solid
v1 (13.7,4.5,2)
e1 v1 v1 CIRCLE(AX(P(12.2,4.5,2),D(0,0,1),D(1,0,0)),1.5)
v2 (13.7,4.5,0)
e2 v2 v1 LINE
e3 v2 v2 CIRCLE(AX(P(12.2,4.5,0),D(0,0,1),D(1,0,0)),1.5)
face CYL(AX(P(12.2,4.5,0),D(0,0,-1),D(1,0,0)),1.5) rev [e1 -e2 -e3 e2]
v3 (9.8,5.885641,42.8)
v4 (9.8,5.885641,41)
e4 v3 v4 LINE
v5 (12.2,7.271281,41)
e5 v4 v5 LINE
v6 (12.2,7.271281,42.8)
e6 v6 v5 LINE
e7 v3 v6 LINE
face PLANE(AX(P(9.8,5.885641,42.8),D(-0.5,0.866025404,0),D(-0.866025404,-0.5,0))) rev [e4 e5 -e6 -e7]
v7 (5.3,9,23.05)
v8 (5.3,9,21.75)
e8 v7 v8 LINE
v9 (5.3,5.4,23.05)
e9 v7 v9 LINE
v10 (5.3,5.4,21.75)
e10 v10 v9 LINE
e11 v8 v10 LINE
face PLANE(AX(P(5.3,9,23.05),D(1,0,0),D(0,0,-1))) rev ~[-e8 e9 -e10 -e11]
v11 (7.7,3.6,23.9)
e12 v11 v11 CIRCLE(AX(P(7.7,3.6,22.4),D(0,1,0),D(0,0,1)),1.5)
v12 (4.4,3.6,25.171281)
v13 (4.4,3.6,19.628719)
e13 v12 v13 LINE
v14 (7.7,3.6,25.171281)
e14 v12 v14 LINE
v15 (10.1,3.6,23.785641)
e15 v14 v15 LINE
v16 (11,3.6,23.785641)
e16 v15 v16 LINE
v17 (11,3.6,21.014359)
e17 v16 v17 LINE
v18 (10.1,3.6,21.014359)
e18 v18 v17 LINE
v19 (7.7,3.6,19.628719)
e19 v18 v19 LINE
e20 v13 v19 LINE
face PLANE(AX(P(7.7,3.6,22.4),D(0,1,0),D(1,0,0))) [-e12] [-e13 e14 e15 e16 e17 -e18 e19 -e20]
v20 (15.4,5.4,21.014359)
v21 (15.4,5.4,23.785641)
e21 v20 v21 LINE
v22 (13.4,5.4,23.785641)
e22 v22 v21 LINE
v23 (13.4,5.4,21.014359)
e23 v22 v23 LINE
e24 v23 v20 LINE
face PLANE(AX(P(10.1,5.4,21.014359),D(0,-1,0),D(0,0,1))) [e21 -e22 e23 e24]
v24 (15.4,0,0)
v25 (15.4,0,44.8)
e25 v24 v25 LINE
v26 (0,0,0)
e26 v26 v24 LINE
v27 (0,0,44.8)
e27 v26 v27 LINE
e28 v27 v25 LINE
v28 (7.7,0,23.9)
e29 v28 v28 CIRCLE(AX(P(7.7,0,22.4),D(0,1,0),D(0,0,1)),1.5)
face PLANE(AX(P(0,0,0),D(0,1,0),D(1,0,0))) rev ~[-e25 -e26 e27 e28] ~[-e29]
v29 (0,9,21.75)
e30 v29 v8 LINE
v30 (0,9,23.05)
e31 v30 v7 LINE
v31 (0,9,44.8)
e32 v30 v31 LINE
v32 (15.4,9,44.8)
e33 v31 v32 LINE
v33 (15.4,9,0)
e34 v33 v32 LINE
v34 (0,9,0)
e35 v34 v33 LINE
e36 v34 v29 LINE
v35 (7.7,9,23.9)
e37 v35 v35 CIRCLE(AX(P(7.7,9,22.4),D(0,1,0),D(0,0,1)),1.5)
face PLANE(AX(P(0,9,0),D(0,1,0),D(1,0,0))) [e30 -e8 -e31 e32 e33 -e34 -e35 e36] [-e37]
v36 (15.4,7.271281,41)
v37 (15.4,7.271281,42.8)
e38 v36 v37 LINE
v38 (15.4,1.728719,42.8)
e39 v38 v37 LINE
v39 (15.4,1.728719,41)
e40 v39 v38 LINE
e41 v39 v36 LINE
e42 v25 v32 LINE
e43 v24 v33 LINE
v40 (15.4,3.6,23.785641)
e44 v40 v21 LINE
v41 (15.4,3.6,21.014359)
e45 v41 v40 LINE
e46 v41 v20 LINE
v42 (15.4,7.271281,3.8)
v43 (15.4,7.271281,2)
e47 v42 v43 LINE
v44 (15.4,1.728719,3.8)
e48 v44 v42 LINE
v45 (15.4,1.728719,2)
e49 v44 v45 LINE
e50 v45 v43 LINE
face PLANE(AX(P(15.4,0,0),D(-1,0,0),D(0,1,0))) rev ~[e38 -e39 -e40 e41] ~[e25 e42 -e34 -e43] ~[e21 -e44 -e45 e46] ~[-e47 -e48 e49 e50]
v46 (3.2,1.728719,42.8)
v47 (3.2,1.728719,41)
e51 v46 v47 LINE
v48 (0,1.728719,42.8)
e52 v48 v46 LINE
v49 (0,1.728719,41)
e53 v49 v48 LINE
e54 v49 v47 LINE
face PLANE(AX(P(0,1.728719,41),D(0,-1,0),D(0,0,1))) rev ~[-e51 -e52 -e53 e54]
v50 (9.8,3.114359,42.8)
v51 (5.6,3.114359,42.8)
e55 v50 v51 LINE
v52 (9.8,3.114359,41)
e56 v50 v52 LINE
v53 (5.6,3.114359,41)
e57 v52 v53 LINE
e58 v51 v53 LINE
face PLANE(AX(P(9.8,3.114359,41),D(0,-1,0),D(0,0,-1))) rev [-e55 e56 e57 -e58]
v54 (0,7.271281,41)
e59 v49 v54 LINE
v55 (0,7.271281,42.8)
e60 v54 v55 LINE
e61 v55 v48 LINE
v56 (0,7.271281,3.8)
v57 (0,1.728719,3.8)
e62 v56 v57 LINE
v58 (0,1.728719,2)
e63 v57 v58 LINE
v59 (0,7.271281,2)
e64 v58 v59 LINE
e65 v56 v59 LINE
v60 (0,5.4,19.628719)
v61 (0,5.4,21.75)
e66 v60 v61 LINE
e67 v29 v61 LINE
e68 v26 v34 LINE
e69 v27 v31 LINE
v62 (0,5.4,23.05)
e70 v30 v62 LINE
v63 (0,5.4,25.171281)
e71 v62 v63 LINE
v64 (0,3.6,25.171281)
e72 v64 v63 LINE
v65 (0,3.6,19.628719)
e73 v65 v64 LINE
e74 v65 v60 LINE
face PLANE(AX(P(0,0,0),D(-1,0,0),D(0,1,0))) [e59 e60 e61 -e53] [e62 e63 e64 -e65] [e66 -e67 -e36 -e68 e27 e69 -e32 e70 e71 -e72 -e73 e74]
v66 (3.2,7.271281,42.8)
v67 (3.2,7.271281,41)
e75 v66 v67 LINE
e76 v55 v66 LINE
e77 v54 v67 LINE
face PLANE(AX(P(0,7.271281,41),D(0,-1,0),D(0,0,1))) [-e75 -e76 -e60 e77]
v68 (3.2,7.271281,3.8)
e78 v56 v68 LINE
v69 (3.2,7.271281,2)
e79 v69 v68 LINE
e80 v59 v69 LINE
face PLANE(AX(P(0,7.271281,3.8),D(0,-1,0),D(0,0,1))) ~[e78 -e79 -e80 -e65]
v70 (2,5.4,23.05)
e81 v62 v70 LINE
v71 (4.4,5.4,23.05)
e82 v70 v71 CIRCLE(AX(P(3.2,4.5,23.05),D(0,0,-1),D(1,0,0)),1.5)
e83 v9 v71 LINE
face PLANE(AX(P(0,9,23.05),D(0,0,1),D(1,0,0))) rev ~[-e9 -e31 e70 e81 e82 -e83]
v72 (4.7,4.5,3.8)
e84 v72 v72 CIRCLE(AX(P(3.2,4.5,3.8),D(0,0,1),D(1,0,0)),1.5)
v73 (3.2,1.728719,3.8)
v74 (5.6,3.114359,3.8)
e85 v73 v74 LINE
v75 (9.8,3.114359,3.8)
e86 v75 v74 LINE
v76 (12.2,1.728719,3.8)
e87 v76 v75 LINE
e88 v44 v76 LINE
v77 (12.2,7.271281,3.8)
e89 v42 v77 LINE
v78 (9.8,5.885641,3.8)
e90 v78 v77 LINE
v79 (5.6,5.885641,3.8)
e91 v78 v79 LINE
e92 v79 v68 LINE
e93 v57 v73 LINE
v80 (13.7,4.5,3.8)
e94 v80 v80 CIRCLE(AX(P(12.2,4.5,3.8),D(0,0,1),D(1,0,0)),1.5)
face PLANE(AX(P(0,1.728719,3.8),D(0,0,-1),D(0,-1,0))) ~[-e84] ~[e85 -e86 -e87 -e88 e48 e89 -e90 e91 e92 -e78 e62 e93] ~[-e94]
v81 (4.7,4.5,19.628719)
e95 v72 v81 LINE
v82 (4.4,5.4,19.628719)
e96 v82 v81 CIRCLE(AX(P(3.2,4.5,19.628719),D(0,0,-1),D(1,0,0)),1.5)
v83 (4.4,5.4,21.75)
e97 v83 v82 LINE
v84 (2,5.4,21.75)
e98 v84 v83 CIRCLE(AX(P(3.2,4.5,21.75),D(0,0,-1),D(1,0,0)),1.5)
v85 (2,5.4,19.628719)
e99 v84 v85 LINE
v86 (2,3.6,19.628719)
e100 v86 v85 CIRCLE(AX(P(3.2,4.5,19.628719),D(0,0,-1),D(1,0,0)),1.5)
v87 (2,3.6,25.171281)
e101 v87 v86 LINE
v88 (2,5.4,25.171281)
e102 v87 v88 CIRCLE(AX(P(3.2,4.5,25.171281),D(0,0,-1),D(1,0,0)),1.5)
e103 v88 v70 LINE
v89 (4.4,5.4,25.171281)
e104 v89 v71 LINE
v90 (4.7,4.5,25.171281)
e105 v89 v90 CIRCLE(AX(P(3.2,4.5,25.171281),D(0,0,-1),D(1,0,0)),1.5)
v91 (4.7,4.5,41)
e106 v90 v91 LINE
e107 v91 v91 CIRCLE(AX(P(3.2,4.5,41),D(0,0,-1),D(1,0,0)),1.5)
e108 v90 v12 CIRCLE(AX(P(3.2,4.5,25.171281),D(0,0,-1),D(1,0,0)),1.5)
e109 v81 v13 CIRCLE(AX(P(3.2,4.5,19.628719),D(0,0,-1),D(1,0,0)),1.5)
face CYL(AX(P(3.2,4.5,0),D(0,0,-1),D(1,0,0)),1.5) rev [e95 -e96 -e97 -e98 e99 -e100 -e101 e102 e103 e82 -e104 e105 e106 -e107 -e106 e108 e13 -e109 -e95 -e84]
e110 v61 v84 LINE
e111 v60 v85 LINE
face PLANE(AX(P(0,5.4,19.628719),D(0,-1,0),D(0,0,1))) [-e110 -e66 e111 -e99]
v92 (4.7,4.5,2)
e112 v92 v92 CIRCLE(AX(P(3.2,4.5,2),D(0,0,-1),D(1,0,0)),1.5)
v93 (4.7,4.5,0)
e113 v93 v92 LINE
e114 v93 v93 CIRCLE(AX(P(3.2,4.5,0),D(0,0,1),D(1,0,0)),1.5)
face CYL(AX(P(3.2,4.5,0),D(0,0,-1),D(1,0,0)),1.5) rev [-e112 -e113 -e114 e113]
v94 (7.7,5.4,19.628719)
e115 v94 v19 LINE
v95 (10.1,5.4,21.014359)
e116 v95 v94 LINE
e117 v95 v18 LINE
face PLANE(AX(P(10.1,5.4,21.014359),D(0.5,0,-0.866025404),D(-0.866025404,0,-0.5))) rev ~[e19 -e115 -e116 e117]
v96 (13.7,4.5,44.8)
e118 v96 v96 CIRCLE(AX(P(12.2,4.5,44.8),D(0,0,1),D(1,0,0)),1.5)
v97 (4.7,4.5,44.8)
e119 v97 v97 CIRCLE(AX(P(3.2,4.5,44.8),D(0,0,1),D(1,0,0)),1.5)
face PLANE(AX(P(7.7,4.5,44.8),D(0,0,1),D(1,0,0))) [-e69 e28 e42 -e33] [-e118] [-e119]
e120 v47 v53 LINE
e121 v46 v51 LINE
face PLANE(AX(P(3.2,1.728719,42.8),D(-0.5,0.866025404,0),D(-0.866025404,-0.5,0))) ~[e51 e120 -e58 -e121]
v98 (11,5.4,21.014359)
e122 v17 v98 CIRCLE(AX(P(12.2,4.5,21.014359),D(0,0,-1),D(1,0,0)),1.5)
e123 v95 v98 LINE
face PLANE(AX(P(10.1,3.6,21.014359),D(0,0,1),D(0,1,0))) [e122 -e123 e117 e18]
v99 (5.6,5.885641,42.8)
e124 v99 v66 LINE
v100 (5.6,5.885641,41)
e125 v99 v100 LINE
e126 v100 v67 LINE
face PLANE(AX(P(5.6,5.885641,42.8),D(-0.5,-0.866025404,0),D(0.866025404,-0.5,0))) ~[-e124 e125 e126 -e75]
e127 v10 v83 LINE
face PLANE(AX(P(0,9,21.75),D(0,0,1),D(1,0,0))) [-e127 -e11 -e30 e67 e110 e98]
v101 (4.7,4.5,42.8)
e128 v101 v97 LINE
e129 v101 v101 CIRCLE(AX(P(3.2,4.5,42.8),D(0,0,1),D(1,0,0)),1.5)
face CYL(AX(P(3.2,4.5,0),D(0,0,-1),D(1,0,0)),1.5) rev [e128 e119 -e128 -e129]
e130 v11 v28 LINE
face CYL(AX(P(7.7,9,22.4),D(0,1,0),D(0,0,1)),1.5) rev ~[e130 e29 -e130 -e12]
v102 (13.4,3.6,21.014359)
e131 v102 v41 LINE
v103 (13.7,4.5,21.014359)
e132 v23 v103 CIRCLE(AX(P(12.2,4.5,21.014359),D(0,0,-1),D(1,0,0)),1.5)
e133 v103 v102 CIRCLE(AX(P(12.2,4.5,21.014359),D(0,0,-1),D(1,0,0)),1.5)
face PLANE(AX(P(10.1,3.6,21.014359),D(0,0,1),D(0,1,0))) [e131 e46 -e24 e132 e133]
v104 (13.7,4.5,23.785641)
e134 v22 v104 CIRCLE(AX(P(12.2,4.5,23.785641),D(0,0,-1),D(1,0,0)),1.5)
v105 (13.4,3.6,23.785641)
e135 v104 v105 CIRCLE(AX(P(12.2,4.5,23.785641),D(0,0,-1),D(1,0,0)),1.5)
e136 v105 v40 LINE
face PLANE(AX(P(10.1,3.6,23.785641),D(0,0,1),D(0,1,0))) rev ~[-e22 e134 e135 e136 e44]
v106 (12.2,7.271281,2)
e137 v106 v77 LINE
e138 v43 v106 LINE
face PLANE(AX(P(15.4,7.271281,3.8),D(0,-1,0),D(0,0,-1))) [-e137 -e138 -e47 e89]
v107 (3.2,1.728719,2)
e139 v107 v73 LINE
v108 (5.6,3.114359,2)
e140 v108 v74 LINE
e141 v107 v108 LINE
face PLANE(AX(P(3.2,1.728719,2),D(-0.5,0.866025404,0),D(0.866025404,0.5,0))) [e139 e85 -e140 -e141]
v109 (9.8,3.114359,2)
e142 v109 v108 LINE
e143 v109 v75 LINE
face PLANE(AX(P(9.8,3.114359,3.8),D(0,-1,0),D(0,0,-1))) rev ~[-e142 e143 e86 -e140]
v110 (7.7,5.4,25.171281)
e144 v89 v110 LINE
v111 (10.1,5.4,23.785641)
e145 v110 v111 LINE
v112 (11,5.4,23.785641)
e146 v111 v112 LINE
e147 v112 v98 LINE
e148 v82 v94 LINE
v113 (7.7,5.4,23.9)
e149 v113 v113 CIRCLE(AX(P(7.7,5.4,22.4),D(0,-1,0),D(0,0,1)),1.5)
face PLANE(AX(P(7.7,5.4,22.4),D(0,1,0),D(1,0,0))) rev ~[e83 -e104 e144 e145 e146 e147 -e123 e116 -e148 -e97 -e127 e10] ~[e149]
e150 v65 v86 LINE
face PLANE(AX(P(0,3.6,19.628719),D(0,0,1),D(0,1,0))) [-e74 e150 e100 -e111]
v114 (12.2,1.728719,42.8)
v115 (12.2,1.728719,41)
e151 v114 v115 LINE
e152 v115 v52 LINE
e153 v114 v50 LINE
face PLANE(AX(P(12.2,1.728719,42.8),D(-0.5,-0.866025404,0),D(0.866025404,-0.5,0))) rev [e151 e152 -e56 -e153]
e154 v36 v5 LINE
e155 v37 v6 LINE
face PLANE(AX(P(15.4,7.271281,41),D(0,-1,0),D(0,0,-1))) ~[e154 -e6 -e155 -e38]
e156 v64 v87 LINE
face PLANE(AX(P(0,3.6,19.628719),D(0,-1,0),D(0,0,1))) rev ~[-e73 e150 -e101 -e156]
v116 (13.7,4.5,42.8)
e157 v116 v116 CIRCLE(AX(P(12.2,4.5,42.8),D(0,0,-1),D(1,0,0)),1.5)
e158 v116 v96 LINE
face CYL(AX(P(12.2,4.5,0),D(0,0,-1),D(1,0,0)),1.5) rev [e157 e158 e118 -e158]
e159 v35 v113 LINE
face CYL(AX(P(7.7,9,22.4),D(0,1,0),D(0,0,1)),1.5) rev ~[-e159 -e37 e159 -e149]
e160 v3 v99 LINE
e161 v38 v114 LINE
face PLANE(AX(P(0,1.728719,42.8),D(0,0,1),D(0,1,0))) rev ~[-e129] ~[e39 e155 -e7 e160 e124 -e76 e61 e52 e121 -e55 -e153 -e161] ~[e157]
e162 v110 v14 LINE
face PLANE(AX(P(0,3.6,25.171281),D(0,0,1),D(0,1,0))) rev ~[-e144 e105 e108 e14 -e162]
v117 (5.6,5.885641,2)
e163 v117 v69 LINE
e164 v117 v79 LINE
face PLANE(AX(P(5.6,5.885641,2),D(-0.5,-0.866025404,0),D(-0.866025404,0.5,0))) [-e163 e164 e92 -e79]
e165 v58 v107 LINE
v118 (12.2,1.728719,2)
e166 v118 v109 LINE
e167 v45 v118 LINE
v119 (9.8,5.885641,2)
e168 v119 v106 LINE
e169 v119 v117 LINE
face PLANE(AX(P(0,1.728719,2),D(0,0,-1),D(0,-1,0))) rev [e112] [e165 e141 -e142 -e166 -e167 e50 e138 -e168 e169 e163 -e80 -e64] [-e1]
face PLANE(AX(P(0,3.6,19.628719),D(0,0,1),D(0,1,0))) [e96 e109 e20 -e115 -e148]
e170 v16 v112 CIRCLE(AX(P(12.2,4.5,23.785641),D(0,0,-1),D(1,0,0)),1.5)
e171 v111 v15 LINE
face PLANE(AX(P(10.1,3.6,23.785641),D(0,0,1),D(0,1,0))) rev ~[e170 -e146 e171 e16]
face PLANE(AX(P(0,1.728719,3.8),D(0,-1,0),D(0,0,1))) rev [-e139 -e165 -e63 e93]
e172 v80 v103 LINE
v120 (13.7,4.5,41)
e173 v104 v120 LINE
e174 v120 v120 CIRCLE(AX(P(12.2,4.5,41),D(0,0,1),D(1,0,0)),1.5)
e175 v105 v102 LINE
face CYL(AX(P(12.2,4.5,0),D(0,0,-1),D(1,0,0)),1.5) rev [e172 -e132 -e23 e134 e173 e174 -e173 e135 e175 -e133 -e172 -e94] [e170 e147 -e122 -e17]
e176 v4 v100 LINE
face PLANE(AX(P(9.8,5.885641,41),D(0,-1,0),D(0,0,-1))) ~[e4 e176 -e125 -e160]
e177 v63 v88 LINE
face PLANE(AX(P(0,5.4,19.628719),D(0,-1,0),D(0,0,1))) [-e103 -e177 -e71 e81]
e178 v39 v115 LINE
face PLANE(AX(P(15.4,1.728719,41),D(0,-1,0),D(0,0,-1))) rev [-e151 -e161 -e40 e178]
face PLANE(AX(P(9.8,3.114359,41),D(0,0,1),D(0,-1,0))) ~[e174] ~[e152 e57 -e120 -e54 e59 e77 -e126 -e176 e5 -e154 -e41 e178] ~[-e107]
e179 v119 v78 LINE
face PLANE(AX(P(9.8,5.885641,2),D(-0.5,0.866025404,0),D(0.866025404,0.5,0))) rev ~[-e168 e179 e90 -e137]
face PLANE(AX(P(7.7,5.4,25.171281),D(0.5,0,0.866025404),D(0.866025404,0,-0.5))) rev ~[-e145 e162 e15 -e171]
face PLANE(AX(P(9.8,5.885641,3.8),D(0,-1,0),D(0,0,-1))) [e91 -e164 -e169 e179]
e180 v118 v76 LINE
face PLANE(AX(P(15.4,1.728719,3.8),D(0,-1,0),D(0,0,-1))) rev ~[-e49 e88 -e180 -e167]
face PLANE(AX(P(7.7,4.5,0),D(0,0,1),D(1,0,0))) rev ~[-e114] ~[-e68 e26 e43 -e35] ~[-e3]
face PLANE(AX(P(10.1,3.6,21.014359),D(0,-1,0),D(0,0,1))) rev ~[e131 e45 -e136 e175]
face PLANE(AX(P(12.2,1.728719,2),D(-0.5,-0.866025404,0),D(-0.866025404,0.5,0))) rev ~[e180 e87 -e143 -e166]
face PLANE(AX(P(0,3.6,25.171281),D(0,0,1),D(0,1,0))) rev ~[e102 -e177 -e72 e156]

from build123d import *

# Parameters (mm, degrees)
SKETCH1_W               = 15.4
SKETCH1_H               = 9
SKETCH1_R               = 1.5
BOSS_EXTRUDE1_DEPTH     = 44.8
CUT_EXTRUDE1_DEPTH      = 1.8
SKETCH3_R               = 1.5
CUT_EXTRUDE2_DEPTH      = 49.220327664
CUT_EXTRUDE3_DEPTH      = 1.8
SKETCH6_W               = 5.542562584
SKETCH6_H               = 1.8
CUT_EXTRUDE4_DEPTH      = 7.7
CUT_EXTRUDE5_REACH      = 50.22
SKETCH7_W               = 5.3
SKETCH7_H               = 1.3
SKETCH8_W               = 2.771281292
SKETCH8_H               = 1.8
CUT_EXTRUDE6_DEPTH      = 47.797970041
SKETCH10_W              = 1.8
SKETCH10_H              = 5.542562584
CUT_EXTRUDE7_DEPTH      = 3.2
SKETCH11_W              = 1.8
SKETCH11_H              = 2.771281292
CUT_EXTRUDE8_DEPTH      = 47.734141695
MIRROR3_COPY_1_SKETCH_W = 1.8
MIRROR3_COPY_1_SKETCH_H = 5.542562584
MIRROR3_COPY_1_DEPTH    = 3.2


with BuildPart() as part:
    # Sketch1 → Boss-Extrude1 (new body)
    with BuildSketch(Plane.XY):
        with Locations((7.7, 4.5)):
            Rectangle(SKETCH1_W, SKETCH1_H)
        with Locations((3.2, 4.5)):
            Circle(SKETCH1_R, mode=Mode.SUBTRACT)
        with Locations((12.2, 4.5)):
            Circle(SKETCH1_R, mode=Mode.SUBTRACT)
    extrude(amount=BOSS_EXTRUDE1_DEPTH)

    # Sketch2 → Cut-Extrude1 (cut)
    with BuildSketch(Plane(origin=(0, 0, 2), x_dir=(-1, 0, 0), z_dir=(0, 0, -1))):
        Polygon((-0.8, 3.114359354), (-3.2, 1.728718708), (-5.6, 3.114359354), (-5.6, 5.885640646), (-3.2, 7.271281292), (-0.8, 5.885640646), align=None)
        Polygon((-12.2, 1.728718708), (-9.8, 3.114359354), (-9.8, 5.885640646), (-12.2, 7.271281292), (-14.6, 5.885640646), (-14.6, 3.114359354), align=None)
    cut_extrude1 = extrude(amount=-CUT_EXTRUDE1_DEPTH, mode=Mode.SUBTRACT)

    # Mirror1: Cut-Extrude1 across plane
    add(cut_extrude1.mirror(Plane(origin=(0, 0, 22.4), x_dir=(1, 0, 0), z_dir=(0, 0, -1))), mode=Mode.SUBTRACT)

    # Sketch3 → Cut-Extrude2 (cut, through all)
    with BuildSketch(Plane(origin=(0, 9, 0), x_dir=(1, 0, 0), z_dir=(0, 1, 0))):
        with Locations(Location((7.7, -22.4, 0), (0, 0, 270))):
            Circle(SKETCH3_R)
    extrude(amount=-CUT_EXTRUDE2_DEPTH, mode=Mode.SUBTRACT)

    # Sketch4 → Cut-Extrude3 (cut)
    with BuildSketch(Plane(origin=(0, 5.4, 0), x_dir=(1, 0, 0), z_dir=(0, 1, 0))):
        Polygon((7.7, -19.628718708), (5.3, -21.014359354), (5.3, -23.785640646), (7.7, -25.171281292), (10.1, -23.785640646), (10.1, -21.014359354), align=None)
    extrude(amount=-CUT_EXTRUDE3_DEPTH, mode=Mode.SUBTRACT)

    # Sketch6 → Cut-Extrude4 (cut)
    with BuildSketch(Plane.ZY):
        with Locations((22.4, 4.5)):
            Rectangle(SKETCH6_W, SKETCH6_H)
    extrude(amount=-CUT_EXTRUDE4_DEPTH, mode=Mode.SUBTRACT)

    # Sketch7 → Cut-Extrude5 (cut, up to next)
    with BuildSketch(Plane(origin=(0, 9, 0), x_dir=(1, 0, 0), z_dir=(0, 1, 0)), mode=Mode.PRIVATE) as cut_extrude5_sk1:
        with Locations((2.65, -22.4)):
            Rectangle(SKETCH7_W, SKETCH7_H)
    cut_extrude5_tool1 = extrude(cut_extrude5_sk1.sketch, amount=-CUT_EXTRUDE5_REACH, mode=Mode.PRIVATE) & part.part
    add(cut_extrude5_tool1.solids().sort_by_distance((2.65, 9, 22.4))[0], mode=Mode.SUBTRACT)

    # Sketch8 → Cut-Extrude6 (cut, through all)
    with BuildSketch(Plane.ZY.offset(-10.1)):
        with Locations((22.4, 4.5)):
            Rectangle(SKETCH8_W, SKETCH8_H)
    extrude(amount=-CUT_EXTRUDE6_DEPTH, mode=Mode.SUBTRACT)

    # Sketch10 → Cut-Extrude7 (cut)
    with BuildSketch(Plane(origin=(15.4, 0, 0), x_dir=(0, 0, -1), z_dir=(1, 0, 0))):
        with Locations((-2.9, 4.5)):
            Rectangle(SKETCH10_W, SKETCH10_H)
    cut_extrude7 = extrude(amount=-CUT_EXTRUDE7_DEPTH, mode=Mode.SUBTRACT)

    # Mirror2: Cut-Extrude7 across plane
    add(cut_extrude7.mirror(Plane(origin=(7.7, 0, 0), x_dir=(0, 0, 1), z_dir=(1, 0, 0))), mode=Mode.SUBTRACT)

    # Sketch11 → Cut-Extrude8 (cut, through all)
    with BuildSketch(Plane(origin=(9.8, 0, 0), x_dir=(0, 0, -1), z_dir=(1, 0, 0))):
        with Locations((-2.9, 4.5)):
            Rectangle(SKETCH11_W, SKETCH11_H)
    cut_extrude8 = extrude(amount=-CUT_EXTRUDE8_DEPTH, mode=Mode.SUBTRACT)

    # Mirror3: Cut-Extrude7, Cut-Extrude8 across plane
    add(cut_extrude7.mirror(Plane(origin=(0, 0, 22.4), x_dir=(1, 0, 0), z_dir=(0, 0, -1))), mode=Mode.SUBTRACT)
    add(cut_extrude8.mirror(Plane(origin=(0, 0, 22.4), x_dir=(1, 0, 0), z_dir=(0, 0, -1))), mode=Mode.SUBTRACT)

    # Mirror3 copy 1 sketch → Mirror3 copy 1 (cut)
    with BuildSketch(Plane(origin=(0, 0, 44.8), x_dir=(0, 0, 1), z_dir=(-1, 0, 0))):
        with Locations((-2.9, 4.5)):
            Rectangle(MIRROR3_COPY_1_SKETCH_W, MIRROR3_COPY_1_SKETCH_H)
    extrude(amount=-MIRROR3_COPY_1_DEPTH, mode=Mode.SUBTRACT)


solid = part.part
